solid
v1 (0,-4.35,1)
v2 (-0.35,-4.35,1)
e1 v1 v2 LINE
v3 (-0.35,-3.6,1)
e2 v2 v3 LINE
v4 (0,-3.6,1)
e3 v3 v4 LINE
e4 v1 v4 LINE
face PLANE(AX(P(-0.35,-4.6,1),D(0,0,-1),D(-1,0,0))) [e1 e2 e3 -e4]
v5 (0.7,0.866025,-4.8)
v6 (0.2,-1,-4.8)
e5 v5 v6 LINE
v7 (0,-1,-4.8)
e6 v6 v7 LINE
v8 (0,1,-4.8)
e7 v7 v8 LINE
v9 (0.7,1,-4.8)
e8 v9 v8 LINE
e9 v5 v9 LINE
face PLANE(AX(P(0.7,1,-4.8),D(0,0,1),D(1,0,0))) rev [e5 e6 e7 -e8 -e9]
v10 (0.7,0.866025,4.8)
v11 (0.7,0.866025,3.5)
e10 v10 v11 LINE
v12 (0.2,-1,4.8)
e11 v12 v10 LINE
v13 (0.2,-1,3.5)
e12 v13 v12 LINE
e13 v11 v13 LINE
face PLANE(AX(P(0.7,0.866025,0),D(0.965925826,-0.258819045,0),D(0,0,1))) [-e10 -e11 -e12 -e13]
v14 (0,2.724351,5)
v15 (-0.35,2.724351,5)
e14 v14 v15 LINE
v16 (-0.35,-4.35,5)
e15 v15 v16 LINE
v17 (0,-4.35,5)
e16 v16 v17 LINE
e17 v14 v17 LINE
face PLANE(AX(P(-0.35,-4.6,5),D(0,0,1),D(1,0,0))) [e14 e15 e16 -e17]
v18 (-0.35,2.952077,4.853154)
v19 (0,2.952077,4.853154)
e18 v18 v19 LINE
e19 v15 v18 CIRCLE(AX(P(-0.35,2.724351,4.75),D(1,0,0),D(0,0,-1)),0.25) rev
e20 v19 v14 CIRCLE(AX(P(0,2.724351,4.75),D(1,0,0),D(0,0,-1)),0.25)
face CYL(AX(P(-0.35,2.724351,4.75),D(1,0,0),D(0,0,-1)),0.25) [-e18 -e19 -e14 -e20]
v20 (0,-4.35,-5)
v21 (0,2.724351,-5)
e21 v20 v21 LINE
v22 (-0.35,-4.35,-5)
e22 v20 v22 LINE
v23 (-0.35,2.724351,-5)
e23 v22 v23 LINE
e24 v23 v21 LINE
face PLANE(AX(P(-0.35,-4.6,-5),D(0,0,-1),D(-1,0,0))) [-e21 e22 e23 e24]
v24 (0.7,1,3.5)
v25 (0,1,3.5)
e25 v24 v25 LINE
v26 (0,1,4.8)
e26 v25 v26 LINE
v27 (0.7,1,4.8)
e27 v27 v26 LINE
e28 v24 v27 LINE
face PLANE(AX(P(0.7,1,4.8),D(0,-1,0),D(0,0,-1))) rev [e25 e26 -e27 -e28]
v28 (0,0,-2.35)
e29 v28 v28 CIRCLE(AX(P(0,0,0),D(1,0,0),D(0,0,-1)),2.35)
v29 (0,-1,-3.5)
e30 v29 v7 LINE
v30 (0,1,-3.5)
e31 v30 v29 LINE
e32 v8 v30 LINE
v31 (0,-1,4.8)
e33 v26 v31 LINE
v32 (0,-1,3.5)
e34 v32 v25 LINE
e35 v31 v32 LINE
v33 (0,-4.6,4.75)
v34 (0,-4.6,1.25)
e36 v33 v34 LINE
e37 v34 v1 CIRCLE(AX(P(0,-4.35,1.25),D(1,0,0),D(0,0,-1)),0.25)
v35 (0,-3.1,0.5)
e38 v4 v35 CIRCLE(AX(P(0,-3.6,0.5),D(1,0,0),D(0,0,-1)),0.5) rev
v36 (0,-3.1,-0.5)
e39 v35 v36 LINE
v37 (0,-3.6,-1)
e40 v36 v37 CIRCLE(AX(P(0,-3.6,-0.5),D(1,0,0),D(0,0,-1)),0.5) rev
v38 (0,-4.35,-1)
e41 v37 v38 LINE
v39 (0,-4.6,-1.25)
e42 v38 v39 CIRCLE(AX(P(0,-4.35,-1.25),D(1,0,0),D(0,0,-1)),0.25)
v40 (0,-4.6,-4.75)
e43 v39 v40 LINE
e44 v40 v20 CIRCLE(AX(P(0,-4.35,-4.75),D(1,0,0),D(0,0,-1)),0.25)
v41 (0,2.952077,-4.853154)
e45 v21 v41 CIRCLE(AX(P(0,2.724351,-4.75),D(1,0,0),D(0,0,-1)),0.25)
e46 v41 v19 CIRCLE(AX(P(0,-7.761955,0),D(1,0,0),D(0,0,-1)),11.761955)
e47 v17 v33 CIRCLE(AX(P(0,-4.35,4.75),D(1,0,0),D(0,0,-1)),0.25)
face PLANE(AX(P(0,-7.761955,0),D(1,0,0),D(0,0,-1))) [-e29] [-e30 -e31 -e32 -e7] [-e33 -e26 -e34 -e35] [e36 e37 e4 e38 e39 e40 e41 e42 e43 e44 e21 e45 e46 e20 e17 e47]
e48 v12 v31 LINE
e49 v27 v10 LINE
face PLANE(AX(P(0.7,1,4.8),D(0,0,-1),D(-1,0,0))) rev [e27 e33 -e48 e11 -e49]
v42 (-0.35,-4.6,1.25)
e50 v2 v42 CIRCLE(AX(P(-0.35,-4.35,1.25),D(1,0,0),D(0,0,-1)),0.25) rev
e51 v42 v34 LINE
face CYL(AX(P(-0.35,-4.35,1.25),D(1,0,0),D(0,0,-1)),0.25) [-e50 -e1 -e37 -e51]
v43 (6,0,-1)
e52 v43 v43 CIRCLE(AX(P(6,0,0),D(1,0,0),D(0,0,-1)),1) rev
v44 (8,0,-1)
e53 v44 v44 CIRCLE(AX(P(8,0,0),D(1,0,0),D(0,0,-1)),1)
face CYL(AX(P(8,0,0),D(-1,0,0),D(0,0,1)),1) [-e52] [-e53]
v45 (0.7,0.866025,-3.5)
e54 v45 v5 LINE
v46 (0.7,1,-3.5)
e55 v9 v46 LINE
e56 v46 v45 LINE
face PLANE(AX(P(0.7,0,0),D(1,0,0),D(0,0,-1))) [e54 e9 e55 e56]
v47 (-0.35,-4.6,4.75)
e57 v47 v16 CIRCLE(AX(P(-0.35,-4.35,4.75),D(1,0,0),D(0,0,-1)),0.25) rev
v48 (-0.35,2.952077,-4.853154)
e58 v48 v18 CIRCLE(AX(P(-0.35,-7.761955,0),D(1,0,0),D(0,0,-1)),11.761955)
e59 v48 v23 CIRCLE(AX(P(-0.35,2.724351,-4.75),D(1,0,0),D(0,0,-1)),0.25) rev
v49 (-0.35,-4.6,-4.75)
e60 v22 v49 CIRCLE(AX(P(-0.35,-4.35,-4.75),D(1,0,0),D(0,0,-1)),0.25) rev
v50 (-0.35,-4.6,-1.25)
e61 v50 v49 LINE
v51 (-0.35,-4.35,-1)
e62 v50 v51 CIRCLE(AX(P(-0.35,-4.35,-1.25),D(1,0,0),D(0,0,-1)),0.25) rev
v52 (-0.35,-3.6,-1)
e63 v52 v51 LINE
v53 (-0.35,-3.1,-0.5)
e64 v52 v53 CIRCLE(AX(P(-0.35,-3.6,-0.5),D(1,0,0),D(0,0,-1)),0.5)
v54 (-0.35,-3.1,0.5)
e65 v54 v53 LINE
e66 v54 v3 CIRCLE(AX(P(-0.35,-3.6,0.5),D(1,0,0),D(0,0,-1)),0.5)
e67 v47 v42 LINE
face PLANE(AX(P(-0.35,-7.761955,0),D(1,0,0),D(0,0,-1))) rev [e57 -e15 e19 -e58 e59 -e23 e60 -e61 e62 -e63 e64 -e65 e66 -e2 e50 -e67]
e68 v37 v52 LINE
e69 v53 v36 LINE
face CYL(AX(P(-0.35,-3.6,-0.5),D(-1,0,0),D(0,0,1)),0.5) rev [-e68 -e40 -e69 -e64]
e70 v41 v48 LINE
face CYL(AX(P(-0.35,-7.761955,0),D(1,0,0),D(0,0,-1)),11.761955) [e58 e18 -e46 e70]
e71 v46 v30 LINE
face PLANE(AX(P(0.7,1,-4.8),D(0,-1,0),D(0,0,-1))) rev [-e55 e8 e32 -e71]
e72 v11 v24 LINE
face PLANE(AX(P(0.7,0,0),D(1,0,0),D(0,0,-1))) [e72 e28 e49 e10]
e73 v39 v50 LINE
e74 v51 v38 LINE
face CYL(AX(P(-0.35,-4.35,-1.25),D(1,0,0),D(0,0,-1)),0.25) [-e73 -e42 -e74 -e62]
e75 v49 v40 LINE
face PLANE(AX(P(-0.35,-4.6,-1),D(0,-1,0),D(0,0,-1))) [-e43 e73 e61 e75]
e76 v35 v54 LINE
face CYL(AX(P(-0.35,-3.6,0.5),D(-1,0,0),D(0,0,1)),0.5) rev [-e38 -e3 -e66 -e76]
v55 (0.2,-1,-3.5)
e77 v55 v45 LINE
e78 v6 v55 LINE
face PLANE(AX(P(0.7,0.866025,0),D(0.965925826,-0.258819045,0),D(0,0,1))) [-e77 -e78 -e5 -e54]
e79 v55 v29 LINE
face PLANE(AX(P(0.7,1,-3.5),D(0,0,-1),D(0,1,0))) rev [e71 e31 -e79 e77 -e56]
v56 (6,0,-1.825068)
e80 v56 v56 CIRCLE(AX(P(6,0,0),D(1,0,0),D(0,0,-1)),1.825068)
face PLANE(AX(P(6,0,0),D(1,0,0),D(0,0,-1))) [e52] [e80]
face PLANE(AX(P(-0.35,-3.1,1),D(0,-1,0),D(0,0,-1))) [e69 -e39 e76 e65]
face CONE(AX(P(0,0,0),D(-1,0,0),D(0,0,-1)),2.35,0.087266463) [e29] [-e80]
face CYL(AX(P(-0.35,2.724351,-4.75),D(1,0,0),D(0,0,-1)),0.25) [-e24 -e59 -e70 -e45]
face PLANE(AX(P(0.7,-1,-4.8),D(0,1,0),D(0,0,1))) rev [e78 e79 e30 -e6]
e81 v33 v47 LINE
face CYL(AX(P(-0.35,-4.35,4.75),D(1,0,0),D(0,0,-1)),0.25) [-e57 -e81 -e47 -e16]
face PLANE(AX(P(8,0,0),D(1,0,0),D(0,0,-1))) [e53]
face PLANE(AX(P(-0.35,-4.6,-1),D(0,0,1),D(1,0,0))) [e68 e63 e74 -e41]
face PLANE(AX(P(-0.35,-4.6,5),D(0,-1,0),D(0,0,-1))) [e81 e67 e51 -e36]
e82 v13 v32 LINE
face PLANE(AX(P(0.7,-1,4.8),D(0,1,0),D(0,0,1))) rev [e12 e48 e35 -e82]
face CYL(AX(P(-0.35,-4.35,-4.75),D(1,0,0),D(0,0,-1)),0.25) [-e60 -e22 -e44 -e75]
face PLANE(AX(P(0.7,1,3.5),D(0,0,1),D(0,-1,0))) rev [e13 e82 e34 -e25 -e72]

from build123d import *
from OCP.BRepFilletAPI import BRepFilletAPI_MakeChamfer

# Parameters (mm, degrees)
SKETCH1_R           = 2.35
BOSS_EXTRUDE1_DEPTH = 6
BOSS_EXTRUDE1_TAPER = 5
BOSS_EXTRUDE2_DEPTH = 0.35
SKETCH3_W           = 1.3
SKETCH3_H           = 2
BOSS_EXTRUDE3_DEPTH = 0.7
CHAMFER1_SIZE       = 0.5
CHAMFER1_SIZE2      = 1.866025404
FILLET2_R           = 0.5
FILLET3_R           = 0.25
SKETCH4_R           = 1
BOSS_EXTRUDE4_DEPTH = 8


with BuildPart() as part:
    # Sketch1 → Boss-Extrude1 (new body)
    with BuildSketch(Plane(origin=(0, 0, 0), x_dir=(0, 0, -1), z_dir=(1, 0, 0))):
        Circle(SKETCH1_R)
    extrude(amount=BOSS_EXTRUDE1_DEPTH, taper=BOSS_EXTRUDE1_TAPER)

    # Sketch2 → Boss-Extrude2 (add)
    with BuildSketch(Plane(origin=(0, 0, 0), x_dir=(0, 0, -1), z_dir=(1, 0, 0))):
        with BuildLine():
            Line((1, -4.6), (5, -4.6))
            Line((5, -4.6), (5, 2.495381949))
            Line((5, 2.495381949), (5, 2.884339454))
            ThreePointArc((5, 2.884339454), (0, 4), (-5, 2.884339454))
            Line((-5, 2.884339454), (-5, 2.495381949))
            Line((-5, 2.495381949), (-5, -4.6))
            Line((-5, -4.6), (-1, -4.6))
            Line((-1, -4.6), (-1, -3.1))
            Line((-1, -3.1), (1, -3.1))
            Line((1, -3.1), (1, -4.6))
        make_face()
    extrude(amount=-BOSS_EXTRUDE2_DEPTH)

    # Sketch3 → Boss-Extrude3 (add)
    with BuildSketch(Plane(origin=(0, 0, 0), x_dir=(0, 0, -1), z_dir=(1, 0, 0))):
        with Locations((-4.15, 0)):
            Rectangle(SKETCH3_W, SKETCH3_H)
        with Locations((4.15, 0)):
            Rectangle(SKETCH3_W, SKETCH3_H)
    extrude(amount=BOSS_EXTRUDE3_DEPTH)

    # Chamfer1: one chamfer whose edges measure the first distance from different faces: ONE call of the kernel's chamfer builder (chamfer() names one face for all edges)
    chamfer1_edges_1 = [part.edges().sort_by_distance(p)[0] for p in [
        (0.7, -1, 4.15),
    ]]
    chamfer1_side_1 = [part.faces().sort_by_distance(p)[0] for p in [
        (0.35, -1, 4.15),
    ]]
    chamfer1_edges_2 = [part.edges().sort_by_distance(p)[0] for p in [
        (0.7, -1, -4.15),
    ]]
    chamfer1_side_2 = [part.faces().sort_by_distance(p)[0] for p in [
        (0.35, -1, -4.15),
    ]]
    chamfer1 = BRepFilletAPI_MakeChamfer(part.part.solid().wrapped)
    for e in chamfer1_edges_1:
        chamfer1.Add(CHAMFER1_SIZE, CHAMFER1_SIZE2, e.wrapped, chamfer1_side_1[0].wrapped)  # the first distance lies on this face
    for e in chamfer1_edges_2:
        chamfer1.Add(CHAMFER1_SIZE, CHAMFER1_SIZE2, e.wrapped, chamfer1_side_2[0].wrapped)  # the first distance lies on this face
    add(Compound.cast(chamfer1.Shape()), mode=Mode.REPLACE)

    # Fillet2
    fillet2_edges = [part.edges().sort_by_distance(p)[0] for p in [
        (-0.175, -3.1, -1),
        (-0.175, -3.1, 1),
    ]]
    fillet(fillet2_edges, radius=FILLET2_R)

    # Fillet3
    fillet3_edges = [part.edges().sort_by_distance(p)[0] for p in [
        (-0.175, -4.6, 1),
        (-0.175, -4.6, 5),
        (-0.175, 2.884339454, 5),
        (-0.175, 2.884339454, -5),
        (-0.175, -4.6, -5),
        (-0.175, -4.6, -1),
    ]]
    fillet(fillet3_edges, radius=FILLET3_R)

    # Sketch4 → Boss-Extrude4 (add)
    with BuildSketch(Plane(origin=(0, 0, 0), x_dir=(0, 0, -1), z_dir=(1, 0, 0))):
        Circle(SKETCH4_R)
    extrude(amount=BOSS_EXTRUDE4_DEPTH)


solid = part.part
